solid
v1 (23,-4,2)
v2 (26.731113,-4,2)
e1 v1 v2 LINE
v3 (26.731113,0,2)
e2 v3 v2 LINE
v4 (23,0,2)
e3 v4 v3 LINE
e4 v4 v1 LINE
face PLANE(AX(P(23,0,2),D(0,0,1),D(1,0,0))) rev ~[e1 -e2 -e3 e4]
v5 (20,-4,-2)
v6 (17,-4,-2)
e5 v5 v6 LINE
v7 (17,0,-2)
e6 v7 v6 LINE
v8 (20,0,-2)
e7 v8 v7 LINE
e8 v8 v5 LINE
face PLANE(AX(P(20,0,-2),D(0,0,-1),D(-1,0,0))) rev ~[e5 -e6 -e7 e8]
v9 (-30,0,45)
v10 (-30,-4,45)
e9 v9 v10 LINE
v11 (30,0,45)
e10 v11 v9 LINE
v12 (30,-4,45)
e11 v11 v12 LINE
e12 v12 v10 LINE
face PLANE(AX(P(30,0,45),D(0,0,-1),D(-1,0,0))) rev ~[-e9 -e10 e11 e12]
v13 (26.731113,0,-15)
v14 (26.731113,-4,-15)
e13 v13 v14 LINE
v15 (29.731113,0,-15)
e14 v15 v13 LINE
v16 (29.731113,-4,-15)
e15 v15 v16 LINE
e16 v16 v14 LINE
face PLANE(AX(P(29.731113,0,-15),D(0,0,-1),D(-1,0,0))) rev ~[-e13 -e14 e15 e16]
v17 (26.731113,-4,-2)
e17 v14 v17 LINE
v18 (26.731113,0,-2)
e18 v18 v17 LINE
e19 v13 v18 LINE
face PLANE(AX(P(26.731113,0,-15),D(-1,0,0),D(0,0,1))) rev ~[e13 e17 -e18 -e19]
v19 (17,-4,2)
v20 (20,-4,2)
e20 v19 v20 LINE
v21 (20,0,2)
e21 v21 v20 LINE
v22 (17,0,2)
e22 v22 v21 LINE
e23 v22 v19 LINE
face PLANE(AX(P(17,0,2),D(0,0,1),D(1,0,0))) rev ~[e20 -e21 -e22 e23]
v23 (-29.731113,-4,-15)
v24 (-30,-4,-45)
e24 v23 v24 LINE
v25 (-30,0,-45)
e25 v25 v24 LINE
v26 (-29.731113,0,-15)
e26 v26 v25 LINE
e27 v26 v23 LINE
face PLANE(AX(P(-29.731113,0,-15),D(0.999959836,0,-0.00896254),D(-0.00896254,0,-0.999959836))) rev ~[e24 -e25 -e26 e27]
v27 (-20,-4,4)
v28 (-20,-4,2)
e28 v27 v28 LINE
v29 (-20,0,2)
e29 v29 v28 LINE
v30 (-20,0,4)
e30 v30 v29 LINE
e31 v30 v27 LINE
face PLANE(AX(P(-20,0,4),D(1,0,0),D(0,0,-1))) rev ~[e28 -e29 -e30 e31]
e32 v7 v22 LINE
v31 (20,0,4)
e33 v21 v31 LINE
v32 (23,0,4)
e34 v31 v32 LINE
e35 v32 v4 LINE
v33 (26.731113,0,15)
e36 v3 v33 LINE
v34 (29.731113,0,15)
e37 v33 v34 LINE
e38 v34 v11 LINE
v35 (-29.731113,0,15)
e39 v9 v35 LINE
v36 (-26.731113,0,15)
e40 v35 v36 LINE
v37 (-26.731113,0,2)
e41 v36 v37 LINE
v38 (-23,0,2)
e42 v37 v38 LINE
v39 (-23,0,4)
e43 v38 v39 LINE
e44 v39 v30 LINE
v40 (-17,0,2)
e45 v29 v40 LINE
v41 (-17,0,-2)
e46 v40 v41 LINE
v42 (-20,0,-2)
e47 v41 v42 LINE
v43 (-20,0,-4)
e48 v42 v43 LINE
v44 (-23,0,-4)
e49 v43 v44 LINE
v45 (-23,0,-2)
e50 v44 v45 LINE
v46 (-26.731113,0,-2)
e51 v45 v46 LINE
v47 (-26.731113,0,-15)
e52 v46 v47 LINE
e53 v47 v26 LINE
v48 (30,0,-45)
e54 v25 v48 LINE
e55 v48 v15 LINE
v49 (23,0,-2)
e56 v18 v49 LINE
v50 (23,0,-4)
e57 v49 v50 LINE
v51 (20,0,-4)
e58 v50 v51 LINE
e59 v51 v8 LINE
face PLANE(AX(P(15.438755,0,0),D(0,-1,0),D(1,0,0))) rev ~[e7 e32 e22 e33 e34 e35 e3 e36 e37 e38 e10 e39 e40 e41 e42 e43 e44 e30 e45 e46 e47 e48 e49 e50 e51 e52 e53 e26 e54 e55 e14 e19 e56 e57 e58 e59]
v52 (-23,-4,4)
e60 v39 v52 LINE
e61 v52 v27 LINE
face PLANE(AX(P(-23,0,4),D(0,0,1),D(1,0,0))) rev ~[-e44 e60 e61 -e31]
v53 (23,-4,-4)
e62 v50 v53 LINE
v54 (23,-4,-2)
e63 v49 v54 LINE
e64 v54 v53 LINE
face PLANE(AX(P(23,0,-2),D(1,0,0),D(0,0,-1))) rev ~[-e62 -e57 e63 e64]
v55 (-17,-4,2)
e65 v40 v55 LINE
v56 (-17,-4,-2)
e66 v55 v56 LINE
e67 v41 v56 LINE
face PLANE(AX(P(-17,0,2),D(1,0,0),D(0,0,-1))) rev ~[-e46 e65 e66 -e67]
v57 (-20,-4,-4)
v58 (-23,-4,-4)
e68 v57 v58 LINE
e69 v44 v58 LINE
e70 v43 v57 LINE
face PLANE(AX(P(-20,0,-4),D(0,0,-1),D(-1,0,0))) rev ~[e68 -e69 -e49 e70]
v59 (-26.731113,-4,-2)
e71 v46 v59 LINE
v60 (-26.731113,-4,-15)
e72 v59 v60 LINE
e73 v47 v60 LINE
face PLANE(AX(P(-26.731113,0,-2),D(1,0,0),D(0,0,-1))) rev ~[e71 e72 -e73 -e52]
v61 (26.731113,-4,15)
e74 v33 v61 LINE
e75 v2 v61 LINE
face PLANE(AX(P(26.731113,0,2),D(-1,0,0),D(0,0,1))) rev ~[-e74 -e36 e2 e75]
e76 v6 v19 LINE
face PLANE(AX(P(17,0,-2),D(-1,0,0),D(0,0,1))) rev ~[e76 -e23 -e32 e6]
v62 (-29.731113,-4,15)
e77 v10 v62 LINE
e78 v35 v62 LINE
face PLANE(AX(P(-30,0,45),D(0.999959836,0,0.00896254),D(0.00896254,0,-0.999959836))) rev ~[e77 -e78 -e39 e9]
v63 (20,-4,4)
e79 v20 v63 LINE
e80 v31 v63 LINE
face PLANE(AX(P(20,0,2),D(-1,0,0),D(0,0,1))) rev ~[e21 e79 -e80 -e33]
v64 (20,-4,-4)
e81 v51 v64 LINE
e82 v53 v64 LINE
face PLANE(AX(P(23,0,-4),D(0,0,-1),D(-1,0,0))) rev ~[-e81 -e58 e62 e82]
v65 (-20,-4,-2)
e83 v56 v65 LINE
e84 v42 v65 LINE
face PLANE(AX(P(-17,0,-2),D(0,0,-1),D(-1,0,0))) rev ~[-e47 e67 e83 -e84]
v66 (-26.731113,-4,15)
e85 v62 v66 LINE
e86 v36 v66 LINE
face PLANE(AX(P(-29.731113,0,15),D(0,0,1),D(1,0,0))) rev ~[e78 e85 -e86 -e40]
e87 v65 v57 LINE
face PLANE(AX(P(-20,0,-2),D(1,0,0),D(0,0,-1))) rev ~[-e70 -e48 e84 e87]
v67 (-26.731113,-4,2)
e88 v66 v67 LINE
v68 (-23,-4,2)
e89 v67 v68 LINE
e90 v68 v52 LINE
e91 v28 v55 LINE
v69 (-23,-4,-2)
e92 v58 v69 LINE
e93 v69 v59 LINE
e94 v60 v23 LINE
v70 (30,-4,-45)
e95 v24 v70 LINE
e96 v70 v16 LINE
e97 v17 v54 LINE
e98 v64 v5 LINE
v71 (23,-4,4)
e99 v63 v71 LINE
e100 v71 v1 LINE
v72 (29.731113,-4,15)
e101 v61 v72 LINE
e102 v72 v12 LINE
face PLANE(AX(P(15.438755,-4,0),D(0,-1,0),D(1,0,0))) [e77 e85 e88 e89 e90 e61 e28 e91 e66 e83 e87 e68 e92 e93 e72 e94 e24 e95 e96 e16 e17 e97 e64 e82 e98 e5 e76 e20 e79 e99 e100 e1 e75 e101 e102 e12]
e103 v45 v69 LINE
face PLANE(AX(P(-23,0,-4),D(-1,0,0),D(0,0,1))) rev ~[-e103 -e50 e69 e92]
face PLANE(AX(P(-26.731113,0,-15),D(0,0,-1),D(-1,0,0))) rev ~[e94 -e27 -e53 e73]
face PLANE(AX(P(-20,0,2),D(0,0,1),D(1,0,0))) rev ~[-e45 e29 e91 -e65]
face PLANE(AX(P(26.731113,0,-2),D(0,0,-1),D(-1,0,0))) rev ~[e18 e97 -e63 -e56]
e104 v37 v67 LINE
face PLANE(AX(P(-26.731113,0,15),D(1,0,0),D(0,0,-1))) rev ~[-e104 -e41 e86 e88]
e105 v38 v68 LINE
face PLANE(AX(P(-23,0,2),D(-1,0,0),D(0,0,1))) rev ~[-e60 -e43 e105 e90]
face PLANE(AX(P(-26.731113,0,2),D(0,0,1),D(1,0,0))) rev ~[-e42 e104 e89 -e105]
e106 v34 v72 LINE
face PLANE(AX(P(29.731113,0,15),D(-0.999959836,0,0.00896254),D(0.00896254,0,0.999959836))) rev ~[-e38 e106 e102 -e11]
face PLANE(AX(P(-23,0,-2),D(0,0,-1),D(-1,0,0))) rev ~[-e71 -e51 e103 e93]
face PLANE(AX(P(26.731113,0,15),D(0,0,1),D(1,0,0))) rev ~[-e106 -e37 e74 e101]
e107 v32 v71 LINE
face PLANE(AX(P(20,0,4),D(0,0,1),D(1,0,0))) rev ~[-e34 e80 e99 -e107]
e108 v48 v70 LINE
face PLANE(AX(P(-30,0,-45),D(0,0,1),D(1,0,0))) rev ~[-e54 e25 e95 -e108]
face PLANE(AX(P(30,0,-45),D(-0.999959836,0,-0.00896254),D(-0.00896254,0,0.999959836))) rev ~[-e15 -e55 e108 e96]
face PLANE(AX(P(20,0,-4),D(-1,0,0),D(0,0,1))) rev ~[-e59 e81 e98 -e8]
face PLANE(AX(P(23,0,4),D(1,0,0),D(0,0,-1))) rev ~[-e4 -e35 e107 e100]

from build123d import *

# Parameters (mm, degrees)
F1_DEPTH = 4


with BuildPart() as f1:
    # F0 (on Front) → F1 (new body)
    with BuildSketch(Plane.XZ):
        Polygon((29.731113, 15), (30, 45), (0, 45), (0, -45), (30, -45), (29.731113, -15), (26.731113, -15), (26.731113, -2), (23, -2), (23, -4), (20, -4), (20, -2), (17, -2), (17, 0), (17, 2), (20, 2), (20, 4), (23, 4), (23, 2), (26.731113, 2), (26.731113, 15), align=None)
        Polygon((0, -45), (0, 45), (-30, 45), (-29.731113, 15), (-26.731113, 15), (-26.731113, 2), (-23, 2), (-23, 4), (-20, 4), (-20, 2), (-17, 2), (-17, 0), (-17, -2), (-20, -2), (-20, -4), (-23, -4), (-23, -2), (-26.731113, -2), (-26.731113, -15), (-29.731113, -15), (-30, -45), align=None)
    extrude(amount=F1_DEPTH)


solid = f1.part
